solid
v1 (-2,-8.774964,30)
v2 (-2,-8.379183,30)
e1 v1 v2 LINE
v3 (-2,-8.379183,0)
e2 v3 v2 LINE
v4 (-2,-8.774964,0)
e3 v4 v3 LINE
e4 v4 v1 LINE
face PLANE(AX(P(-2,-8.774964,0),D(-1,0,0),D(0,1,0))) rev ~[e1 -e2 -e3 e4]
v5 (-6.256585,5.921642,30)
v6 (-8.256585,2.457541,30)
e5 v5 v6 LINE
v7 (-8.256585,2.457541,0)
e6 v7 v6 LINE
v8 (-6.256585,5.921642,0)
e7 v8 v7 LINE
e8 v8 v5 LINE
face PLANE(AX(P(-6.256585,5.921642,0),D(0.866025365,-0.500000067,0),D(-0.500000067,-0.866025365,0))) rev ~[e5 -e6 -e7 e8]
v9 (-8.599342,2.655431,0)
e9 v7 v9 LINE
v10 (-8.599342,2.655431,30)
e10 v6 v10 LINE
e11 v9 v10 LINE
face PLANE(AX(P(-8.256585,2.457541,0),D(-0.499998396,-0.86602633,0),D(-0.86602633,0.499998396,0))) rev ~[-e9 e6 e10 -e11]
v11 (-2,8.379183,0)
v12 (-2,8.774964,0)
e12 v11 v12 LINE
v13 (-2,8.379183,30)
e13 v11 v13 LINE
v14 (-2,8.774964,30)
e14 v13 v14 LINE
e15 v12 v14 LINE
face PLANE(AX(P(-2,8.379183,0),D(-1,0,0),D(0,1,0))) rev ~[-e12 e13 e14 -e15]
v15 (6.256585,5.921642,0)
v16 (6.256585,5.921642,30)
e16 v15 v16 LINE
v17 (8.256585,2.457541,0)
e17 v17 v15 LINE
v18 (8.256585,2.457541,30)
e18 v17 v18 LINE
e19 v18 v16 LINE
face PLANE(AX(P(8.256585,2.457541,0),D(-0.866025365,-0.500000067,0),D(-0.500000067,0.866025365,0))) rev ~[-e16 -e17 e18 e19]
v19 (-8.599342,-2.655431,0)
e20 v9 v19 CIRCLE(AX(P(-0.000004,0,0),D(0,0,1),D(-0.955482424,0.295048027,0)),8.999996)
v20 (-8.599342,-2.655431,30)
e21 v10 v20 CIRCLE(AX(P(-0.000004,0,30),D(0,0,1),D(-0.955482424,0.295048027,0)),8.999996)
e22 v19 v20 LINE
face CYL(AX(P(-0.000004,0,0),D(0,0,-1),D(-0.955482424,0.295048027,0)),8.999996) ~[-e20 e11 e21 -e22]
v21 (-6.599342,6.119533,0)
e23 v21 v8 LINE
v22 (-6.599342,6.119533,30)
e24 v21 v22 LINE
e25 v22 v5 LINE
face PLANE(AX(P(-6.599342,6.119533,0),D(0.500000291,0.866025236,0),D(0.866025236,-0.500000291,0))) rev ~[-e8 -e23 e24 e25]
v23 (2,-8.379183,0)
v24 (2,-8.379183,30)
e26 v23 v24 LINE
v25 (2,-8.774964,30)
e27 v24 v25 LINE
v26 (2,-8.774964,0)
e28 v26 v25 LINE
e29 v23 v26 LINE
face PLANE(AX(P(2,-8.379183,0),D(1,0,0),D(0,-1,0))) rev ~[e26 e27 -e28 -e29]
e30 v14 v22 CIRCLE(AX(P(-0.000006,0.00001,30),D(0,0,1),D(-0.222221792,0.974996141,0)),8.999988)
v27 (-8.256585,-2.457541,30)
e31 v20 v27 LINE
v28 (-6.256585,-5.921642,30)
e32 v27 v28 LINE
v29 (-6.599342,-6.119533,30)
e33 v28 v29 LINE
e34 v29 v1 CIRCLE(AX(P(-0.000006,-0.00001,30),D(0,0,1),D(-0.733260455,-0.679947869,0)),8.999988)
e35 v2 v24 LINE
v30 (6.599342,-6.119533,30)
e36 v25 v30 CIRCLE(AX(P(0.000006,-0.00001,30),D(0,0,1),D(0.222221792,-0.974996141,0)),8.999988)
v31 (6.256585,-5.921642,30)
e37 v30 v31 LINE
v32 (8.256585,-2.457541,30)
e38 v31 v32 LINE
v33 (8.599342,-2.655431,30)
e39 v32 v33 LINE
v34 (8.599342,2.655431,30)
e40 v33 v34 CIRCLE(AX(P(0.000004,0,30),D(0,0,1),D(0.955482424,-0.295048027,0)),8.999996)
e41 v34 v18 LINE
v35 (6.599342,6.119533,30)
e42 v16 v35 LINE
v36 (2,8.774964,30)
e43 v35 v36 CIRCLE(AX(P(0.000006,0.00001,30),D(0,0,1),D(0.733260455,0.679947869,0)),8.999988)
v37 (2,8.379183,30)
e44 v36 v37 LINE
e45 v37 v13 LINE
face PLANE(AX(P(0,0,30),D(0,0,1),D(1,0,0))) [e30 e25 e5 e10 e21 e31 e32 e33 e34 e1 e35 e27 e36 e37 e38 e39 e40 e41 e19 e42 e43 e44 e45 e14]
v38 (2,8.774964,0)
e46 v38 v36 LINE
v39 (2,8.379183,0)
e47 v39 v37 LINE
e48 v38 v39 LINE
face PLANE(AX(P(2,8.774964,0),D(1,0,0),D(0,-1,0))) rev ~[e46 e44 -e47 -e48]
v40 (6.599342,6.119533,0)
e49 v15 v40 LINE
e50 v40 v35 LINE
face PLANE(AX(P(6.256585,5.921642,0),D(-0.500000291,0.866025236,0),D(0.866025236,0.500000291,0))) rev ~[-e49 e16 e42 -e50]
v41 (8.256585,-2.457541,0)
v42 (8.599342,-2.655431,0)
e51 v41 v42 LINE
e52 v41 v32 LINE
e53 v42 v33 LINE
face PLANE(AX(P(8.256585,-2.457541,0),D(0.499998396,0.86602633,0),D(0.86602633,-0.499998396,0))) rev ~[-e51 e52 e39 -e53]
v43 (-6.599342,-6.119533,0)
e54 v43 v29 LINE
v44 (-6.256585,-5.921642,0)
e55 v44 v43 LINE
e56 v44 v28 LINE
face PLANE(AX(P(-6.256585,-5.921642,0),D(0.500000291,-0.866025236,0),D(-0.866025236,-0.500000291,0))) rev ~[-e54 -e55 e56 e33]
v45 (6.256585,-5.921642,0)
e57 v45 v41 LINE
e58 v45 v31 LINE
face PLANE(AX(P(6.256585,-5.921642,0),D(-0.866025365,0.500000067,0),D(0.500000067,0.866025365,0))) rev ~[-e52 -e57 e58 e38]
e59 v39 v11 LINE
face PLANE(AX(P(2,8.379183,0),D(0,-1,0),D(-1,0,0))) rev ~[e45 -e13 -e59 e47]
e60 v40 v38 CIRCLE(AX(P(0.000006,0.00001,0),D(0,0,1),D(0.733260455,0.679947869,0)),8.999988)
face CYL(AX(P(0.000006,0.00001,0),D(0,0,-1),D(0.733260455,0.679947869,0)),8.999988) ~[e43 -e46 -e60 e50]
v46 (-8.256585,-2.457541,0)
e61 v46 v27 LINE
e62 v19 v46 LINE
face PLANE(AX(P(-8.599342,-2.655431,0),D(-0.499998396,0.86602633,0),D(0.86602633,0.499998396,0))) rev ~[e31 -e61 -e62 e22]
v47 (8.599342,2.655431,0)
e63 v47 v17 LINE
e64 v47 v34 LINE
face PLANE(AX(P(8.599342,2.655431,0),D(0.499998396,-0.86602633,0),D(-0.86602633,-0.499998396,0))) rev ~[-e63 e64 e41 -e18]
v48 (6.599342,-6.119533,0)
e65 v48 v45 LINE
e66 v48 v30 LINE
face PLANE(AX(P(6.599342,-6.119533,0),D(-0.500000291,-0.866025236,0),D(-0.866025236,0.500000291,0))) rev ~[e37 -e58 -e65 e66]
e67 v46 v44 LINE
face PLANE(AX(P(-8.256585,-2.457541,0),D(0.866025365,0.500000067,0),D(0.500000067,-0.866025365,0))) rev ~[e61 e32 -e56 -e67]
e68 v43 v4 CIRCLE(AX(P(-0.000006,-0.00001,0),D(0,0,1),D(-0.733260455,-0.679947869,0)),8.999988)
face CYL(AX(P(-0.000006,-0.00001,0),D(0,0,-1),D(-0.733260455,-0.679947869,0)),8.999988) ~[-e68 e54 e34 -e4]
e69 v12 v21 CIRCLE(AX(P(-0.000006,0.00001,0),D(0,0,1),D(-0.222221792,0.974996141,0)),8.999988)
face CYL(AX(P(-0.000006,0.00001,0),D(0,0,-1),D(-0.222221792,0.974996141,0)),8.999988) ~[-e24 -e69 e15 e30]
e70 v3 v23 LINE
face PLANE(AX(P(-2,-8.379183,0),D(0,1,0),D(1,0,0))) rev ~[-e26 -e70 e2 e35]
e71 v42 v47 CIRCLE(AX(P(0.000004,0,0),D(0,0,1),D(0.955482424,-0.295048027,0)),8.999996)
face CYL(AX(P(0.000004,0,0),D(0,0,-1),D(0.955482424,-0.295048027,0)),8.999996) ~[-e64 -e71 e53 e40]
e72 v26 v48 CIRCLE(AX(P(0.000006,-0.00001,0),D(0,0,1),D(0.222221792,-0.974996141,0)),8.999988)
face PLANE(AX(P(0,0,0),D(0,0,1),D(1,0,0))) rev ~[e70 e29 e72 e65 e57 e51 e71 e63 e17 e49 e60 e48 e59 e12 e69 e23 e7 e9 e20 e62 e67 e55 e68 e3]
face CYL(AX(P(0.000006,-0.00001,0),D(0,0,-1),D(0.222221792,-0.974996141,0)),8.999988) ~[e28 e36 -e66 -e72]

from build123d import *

# Parameters (mm, degrees)
F1_DEPTH = 30


with BuildPart() as f1:
    # F0 (on Top) → F1 (new body)
    with BuildSketch(Plane.XY):
        with BuildLine():
            Line((2, -8.379183), (2, -8.774964))
            ThreePointArc((2, -8.774964), (4.5, -7.794229), (6.599342, -6.119533))
            Line((6.599342, -6.119533), (6.256585, -5.921642))
            Line((6.256585, -5.921642), (8.256585, -2.457541))
            Line((8.256585, -2.457541), (8.599342, -2.655431))
            ThreePointArc((8.599342, -2.655431), (9, 0), (8.599342, 2.655431))
            Line((8.599342, 2.655431), (8.256585, 2.457541))
            Line((8.256585, 2.457541), (6.256585, 5.921642))
            Line((6.256585, 5.921642), (6.599342, 6.119533))
            ThreePointArc((6.599342, 6.119533), (4.5, 7.794229), (2, 8.774964))
            Line((2, 8.774964), (2, 8.379183))
            Line((2, 8.379183), (-2, 8.379183))
            Line((-2, 8.379183), (-2, 8.774964))
            ThreePointArc((-2, 8.774964), (-4.5, 7.794229), (-6.599342, 6.119533))
            Line((-6.599342, 6.119533), (-6.256585, 5.921642))
            Line((-6.256585, 5.921642), (-8.256585, 2.457541))
            Line((-8.256585, 2.457541), (-8.599342, 2.655431))
            ThreePointArc((-8.599342, 2.655431), (-9, 0), (-8.599342, -2.655431))
            Line((-8.599342, -2.655431), (-8.256585, -2.457541))
            Line((-8.256585, -2.457541), (-6.256585, -5.921642))
            Line((-6.256585, -5.921642), (-6.599342, -6.119533))
            ThreePointArc((-6.599342, -6.119533), (-4.5, -7.794229), (-2, -8.774964))
            Line((-2, -8.774964), (-2, -8.379183))
            Line((-2, -8.379183), (2, -8.379183))
        make_face()
    extrude(amount=F1_DEPTH)


solid = f1.part
